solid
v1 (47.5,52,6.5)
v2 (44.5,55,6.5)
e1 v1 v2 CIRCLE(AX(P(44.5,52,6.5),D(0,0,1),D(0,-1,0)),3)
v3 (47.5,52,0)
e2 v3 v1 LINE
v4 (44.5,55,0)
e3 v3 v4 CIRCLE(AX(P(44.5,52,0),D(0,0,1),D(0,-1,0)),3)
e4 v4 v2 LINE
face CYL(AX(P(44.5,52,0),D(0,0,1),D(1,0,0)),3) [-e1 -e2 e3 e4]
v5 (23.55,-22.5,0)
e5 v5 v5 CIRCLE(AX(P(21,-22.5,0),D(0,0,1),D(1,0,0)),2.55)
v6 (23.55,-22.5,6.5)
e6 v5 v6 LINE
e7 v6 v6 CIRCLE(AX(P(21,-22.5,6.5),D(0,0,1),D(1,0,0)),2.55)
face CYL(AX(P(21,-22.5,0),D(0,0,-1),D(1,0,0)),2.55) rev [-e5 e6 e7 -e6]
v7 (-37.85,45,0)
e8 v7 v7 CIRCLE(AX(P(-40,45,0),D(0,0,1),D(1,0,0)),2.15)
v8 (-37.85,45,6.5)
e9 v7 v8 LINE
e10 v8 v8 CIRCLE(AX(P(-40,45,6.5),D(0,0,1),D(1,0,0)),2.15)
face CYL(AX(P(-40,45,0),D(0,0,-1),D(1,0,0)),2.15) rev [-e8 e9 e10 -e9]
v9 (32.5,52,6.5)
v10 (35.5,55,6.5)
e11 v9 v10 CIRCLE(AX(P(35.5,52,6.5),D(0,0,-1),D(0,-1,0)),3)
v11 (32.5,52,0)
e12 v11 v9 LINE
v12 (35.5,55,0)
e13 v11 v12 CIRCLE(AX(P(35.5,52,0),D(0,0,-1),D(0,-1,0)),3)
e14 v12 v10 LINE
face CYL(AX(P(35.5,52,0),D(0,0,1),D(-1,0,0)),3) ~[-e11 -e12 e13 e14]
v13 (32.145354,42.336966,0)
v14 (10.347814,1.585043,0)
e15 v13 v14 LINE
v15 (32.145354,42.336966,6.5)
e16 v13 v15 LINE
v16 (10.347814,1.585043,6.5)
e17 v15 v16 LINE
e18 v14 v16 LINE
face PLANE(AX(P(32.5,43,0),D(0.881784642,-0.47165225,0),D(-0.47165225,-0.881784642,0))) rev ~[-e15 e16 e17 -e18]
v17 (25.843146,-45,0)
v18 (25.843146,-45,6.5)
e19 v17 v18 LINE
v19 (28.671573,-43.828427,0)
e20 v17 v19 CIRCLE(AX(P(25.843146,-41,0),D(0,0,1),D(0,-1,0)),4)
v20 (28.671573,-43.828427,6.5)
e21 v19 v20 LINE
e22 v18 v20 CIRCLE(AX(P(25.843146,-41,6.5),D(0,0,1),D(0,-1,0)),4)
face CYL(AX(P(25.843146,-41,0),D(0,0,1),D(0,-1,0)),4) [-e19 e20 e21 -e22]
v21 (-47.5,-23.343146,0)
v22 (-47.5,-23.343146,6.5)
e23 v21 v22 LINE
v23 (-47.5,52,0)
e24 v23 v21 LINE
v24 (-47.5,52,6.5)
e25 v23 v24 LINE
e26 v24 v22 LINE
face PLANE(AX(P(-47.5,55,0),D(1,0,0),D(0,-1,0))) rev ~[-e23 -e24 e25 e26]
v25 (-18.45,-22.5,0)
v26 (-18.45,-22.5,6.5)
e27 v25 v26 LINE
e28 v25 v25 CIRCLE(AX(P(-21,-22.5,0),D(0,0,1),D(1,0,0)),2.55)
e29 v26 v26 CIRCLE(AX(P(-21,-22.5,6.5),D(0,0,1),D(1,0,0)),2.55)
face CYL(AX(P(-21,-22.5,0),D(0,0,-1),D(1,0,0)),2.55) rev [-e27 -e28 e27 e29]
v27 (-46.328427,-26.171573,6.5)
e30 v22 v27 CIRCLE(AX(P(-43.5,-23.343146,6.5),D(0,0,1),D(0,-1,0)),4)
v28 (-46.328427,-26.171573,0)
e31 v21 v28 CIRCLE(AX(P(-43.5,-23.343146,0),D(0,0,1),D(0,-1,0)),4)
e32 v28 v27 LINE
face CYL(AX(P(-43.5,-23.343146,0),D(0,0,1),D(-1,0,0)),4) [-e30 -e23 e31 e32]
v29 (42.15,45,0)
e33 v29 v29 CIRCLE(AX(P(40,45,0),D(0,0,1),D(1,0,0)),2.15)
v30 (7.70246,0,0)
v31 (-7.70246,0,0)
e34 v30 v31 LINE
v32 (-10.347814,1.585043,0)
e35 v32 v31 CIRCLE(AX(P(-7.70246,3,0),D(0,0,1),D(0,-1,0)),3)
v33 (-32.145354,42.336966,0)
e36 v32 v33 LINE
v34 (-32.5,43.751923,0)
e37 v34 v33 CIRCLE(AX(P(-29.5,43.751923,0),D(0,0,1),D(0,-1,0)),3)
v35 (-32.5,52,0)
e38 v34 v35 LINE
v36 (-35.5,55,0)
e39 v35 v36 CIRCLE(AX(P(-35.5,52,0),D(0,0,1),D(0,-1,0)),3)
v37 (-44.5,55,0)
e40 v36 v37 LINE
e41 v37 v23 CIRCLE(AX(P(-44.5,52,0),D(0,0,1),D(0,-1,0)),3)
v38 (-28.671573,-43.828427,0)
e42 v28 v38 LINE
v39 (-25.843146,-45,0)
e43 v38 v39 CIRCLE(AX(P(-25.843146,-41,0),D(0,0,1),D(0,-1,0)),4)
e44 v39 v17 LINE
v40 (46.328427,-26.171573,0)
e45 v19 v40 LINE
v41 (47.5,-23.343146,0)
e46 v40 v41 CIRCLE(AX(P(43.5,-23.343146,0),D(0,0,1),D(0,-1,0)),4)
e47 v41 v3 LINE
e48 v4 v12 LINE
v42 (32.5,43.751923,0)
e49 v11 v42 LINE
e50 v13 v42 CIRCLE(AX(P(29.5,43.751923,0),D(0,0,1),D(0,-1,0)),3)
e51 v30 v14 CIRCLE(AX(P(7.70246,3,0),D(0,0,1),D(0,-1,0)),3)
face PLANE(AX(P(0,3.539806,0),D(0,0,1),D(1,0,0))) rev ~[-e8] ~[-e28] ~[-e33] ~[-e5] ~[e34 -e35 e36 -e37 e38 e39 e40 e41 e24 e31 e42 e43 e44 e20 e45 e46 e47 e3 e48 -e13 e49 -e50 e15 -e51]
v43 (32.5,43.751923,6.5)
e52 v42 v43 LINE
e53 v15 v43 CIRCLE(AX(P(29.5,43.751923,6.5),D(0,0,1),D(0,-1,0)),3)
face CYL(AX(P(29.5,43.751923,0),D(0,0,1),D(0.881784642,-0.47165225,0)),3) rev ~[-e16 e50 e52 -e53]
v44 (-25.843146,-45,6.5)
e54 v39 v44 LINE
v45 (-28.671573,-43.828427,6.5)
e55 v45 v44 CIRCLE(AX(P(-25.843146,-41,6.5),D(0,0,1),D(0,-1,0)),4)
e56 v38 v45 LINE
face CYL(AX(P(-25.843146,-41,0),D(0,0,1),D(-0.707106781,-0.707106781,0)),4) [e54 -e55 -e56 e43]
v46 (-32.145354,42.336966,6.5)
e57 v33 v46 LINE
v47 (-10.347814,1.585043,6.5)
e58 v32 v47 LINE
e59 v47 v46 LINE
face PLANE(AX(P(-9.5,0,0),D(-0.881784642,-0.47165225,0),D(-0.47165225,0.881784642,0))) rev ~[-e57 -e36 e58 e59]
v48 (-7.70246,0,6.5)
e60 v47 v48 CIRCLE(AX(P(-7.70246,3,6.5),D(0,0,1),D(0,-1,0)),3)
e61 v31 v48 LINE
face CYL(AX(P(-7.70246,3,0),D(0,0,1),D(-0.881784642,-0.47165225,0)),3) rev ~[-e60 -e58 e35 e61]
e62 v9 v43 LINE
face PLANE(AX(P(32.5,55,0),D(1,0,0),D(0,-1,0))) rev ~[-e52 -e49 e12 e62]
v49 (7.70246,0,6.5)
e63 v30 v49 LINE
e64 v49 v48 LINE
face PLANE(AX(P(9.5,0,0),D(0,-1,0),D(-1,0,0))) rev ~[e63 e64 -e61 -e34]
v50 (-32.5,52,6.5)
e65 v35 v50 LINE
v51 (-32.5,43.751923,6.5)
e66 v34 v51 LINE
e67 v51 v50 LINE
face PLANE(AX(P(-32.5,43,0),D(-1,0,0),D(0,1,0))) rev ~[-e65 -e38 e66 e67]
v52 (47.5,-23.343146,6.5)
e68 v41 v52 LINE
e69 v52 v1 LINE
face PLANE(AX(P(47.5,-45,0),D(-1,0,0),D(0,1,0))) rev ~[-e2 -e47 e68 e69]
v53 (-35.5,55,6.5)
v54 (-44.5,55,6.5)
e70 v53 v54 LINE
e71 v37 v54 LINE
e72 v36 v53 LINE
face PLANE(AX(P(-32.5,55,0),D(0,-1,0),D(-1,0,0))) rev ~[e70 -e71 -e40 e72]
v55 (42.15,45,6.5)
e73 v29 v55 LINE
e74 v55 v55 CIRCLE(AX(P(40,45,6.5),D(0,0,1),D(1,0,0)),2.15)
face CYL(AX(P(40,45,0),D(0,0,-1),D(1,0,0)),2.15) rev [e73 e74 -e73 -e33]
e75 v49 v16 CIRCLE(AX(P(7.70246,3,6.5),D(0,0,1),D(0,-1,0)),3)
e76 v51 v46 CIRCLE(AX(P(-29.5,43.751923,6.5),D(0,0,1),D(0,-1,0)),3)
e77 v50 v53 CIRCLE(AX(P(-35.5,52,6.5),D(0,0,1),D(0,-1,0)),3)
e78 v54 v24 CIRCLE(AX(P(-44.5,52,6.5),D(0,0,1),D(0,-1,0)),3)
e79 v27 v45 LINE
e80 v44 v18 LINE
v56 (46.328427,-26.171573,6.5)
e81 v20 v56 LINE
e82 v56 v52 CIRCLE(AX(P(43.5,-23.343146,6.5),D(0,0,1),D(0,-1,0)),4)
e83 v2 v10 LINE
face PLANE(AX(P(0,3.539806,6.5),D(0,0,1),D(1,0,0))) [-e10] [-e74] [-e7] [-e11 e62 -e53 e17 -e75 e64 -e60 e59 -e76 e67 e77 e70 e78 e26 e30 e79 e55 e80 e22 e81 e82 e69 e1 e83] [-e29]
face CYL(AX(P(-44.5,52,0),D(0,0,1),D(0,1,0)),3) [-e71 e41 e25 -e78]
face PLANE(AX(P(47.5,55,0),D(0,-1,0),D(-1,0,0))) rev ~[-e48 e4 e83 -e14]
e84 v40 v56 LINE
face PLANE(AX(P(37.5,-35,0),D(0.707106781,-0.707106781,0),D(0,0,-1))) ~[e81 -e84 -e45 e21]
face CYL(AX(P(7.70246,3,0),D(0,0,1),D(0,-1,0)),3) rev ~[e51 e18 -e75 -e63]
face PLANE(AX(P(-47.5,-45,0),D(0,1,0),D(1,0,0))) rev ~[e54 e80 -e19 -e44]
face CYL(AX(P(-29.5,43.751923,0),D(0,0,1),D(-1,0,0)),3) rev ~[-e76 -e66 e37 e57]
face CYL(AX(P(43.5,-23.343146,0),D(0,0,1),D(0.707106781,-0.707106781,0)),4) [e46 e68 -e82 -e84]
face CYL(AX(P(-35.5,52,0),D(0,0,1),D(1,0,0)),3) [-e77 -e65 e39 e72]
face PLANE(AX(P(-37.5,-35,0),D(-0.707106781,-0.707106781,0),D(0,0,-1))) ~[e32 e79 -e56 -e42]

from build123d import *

# Parameters (mm, degrees)
SKETCH1_R           = 2.55
SKETCH1_R_2         = 2.15
BOSS_EXTRUDE1_DEPTH = 6.5
FILLET1_R           = 3
CHAMFER1_SIZE       = 20
FILLET2_R           = 4


with BuildPart() as part:
    # Sketch1 → Boss-Extrude1 (new body)
    with BuildSketch(Plane.XY):
        Polygon((-32.5, 43), (-32.5, 55), (-47.5, 55), (-47.5, -45), (47.5, -45), (47.5, 55), (32.5, 55), (32.5, 43), (9.5, 0), (-9.5, 0), align=None)
        with Locations((-21, -22.5)):
            Circle(SKETCH1_R, mode=Mode.SUBTRACT)
        with Locations((21, -22.5)):
            Circle(SKETCH1_R, mode=Mode.SUBTRACT)
        with Locations((-40, 45)):
            Circle(SKETCH1_R_2, mode=Mode.SUBTRACT)
        with Locations((40, 45)):
            Circle(SKETCH1_R_2, mode=Mode.SUBTRACT)
    extrude(amount=BOSS_EXTRUDE1_DEPTH)

    # Fillet1
    fillet1_edges = [part.edges().sort_by_distance(p)[0] for p in [
        (9.5, 0, 3.25),
        (32.5, 43, 3.25),
        (32.5, 55, 3.25),
        (47.5, 55, 3.25),
        (-47.5, 55, 3.25),
        (-32.5, 55, 3.25),
        (-32.5, 43, 3.25),
        (-9.5, 0, 3.25),
    ]]
    fillet(fillet1_edges, radius=FILLET1_R)

    # Chamfer1
    chamfer1_edges = [part.edges().sort_by_distance(p)[0] for p in [
        (47.5, -45, 3.25),
        (-47.5, -45, 3.25),
    ]]
    chamfer(chamfer1_edges, length=CHAMFER1_SIZE)

    # Fillet2
    fillet2_edges = [part.edges().sort_by_distance(p)[0] for p in [
        (47.5, -25, 3.25),
        (-27.5, -45, 3.25),
        (27.5, -45, 3.25),
        (-47.5, -25, 3.25),
    ]]
    fillet(fillet2_edges, radius=FILLET2_R)


solid = part.part
